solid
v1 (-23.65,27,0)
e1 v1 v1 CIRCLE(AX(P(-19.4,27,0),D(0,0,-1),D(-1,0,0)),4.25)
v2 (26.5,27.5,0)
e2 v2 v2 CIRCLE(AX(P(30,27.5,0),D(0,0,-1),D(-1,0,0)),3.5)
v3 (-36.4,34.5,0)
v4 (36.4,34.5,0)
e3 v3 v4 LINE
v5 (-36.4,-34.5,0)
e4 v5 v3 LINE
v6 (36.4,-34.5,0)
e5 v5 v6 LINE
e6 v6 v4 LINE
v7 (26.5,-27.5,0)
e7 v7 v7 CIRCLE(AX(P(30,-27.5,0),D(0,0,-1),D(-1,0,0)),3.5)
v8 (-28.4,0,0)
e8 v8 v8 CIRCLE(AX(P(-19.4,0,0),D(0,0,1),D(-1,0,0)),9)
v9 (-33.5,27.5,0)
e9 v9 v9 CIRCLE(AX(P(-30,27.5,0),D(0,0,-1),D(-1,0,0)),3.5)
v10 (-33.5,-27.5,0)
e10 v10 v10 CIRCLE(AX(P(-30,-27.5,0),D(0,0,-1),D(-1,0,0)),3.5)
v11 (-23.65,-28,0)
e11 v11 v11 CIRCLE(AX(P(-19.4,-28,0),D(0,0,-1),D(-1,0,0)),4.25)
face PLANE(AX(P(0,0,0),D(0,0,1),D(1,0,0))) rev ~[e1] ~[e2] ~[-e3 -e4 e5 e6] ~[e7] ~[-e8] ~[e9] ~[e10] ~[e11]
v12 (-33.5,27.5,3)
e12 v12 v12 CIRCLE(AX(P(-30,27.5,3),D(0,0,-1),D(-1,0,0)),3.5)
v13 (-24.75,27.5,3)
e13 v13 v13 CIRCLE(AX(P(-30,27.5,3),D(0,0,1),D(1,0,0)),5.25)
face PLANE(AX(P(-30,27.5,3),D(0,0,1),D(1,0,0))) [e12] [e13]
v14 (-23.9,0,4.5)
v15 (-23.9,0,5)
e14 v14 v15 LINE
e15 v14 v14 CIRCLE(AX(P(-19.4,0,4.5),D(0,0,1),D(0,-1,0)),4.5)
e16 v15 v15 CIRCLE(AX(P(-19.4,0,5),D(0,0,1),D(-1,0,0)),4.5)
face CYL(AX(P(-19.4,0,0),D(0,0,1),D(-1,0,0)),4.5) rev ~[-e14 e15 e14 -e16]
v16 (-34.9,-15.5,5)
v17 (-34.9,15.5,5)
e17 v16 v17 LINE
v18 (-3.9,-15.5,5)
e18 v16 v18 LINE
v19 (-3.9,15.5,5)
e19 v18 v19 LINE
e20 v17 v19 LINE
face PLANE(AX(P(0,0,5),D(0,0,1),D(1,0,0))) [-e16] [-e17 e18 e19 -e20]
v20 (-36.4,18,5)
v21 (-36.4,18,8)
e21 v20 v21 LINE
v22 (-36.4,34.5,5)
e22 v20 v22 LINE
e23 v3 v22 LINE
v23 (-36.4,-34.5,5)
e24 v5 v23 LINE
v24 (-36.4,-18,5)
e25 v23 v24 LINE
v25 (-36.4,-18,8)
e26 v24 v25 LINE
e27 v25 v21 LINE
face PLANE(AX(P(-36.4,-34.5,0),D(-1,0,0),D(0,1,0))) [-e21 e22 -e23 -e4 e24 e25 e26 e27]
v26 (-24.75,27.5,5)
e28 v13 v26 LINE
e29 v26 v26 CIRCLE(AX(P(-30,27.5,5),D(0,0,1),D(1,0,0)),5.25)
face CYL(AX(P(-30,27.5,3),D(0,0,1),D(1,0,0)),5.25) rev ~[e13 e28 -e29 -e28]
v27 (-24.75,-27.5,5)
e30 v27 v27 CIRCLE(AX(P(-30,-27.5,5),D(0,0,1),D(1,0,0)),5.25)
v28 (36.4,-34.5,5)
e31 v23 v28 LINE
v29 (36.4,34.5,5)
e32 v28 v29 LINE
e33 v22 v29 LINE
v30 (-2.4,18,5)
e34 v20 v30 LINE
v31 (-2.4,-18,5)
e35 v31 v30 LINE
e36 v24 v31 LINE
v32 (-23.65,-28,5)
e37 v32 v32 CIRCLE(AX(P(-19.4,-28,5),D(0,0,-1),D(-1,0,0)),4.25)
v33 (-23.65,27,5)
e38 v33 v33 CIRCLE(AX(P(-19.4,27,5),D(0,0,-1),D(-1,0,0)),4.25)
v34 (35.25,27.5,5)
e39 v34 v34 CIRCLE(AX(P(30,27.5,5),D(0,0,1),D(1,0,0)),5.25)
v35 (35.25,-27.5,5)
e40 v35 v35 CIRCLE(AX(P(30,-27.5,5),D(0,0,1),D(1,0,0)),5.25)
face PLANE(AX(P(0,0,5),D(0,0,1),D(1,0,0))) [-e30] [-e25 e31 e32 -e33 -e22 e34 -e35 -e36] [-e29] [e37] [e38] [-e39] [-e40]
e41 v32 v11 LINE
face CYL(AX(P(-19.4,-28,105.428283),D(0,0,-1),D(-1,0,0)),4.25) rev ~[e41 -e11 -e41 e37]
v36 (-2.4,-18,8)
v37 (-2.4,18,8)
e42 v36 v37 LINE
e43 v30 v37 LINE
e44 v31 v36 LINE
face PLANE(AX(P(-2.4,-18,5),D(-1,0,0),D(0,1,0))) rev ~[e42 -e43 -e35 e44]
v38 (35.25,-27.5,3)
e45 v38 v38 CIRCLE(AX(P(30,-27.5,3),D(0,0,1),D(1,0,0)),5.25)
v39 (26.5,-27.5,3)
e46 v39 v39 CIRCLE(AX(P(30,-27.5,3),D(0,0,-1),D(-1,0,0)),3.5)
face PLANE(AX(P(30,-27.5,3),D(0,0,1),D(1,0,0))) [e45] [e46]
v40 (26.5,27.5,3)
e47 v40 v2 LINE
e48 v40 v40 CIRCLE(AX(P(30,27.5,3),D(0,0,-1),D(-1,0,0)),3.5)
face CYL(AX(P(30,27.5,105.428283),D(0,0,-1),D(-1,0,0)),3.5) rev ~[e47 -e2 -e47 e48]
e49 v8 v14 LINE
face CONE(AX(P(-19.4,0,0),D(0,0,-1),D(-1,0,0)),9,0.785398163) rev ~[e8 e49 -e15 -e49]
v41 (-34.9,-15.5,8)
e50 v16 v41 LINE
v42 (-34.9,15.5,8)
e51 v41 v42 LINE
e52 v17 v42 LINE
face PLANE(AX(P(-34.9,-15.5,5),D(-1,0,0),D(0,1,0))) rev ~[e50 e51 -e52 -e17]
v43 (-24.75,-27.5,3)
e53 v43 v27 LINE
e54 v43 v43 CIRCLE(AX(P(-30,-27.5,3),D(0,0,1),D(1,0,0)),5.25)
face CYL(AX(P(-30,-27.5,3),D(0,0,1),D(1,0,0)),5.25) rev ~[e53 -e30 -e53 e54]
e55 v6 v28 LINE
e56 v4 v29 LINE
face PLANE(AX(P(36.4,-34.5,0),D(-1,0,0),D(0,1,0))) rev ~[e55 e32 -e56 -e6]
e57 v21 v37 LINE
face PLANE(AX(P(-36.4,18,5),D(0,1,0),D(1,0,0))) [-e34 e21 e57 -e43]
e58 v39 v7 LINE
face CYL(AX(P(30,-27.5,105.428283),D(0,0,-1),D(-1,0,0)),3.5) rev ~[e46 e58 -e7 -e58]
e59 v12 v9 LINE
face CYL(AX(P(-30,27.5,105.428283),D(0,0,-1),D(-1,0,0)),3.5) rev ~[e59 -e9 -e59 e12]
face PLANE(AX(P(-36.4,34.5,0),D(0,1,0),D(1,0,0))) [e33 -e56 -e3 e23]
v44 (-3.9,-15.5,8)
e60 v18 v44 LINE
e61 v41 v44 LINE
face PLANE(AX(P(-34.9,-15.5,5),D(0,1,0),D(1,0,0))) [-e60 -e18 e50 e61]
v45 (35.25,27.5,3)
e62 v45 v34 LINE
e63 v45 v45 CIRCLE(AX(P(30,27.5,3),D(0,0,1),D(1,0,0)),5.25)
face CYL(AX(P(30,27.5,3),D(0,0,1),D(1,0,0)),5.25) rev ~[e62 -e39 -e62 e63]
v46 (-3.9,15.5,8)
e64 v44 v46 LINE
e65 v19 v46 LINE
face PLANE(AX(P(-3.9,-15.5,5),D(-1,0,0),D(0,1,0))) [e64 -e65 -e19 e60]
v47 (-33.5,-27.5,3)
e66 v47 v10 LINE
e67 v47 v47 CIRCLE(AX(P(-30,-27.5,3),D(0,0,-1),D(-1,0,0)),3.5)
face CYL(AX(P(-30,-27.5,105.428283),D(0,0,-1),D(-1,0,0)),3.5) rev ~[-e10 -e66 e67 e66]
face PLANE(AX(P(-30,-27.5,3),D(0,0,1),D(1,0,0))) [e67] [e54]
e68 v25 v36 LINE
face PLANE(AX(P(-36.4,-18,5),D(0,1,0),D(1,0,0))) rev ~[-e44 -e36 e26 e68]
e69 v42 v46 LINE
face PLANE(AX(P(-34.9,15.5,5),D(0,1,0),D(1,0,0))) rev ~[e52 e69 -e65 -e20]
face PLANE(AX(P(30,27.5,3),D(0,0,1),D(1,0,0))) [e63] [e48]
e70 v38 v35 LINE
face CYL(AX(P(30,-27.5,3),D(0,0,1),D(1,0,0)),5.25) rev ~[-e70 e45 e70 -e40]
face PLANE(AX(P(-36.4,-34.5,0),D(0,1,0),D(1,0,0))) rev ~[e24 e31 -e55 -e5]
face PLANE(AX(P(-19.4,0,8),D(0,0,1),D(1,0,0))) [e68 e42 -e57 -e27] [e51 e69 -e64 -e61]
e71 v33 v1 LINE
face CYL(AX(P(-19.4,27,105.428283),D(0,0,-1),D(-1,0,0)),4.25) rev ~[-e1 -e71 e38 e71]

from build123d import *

# Parameters (mm, degrees)
F0_W            = 72.8
F0_H            = 69
F1_DEPTH        = 5
F3_D            = 7
F5_D            = 8.5
F6_W            = 34
F6_H            = 36
F6_W_2          = 31
F6_H_2          = 31
F7_DEPTH        = 3
F9_D            = 9
F9_CSINK_D      = 18
F9_CSINK_ANGLE  = 90
F11_D           = 7
F11_CBORE_D     = 10.5
F11_CBORE_DEPTH = 2


with BuildPart() as f1:
    # F0 (on Top) → F1 (new body)
    with BuildSketch(Plane.XY):
        Rectangle(F0_W, F0_H)
    extrude(amount=F1_DEPTH)

    # F3 (through all)
    with Locations(Plane.XY.offset(5)):
        with Locations((-30, 27.5), (30, 27.5), (30, -27.5), (-30, -27.5)):
            Hole(F3_D / 2)

    # F5 (through all)
    with Locations(Plane.XY.offset(5)):
        with Locations((-19.4, 27), (-19.4, -28)):
            Hole(F5_D / 2)

    # F6 (on face) → F7 (join)
    with BuildSketch(Plane.XY.offset(5)):
        with Locations((-19.4, 0)):
            Rectangle(F6_W, F6_H)
        with Locations((-19.4, 0)):
            Rectangle(F6_W_2, F6_H_2, mode=Mode.SUBTRACT)
    extrude(amount=F7_DEPTH)

    # F9 (through all)
    with Locations(Plane(origin=(0, 0, 0), x_dir=(1, 0, 0), z_dir=(0, 0, -1))):
        with Locations((-19.4, 0)):
            CounterSinkHole(F9_D / 2, F9_CSINK_D / 2, counter_sink_angle=F9_CSINK_ANGLE)

    # F11 (through all)
    with Locations(Plane.XY.offset(5)):
        with Locations((-30, 27.5), (30, 27.5), (30, -27.5), (-30, -27.5)):
            CounterBoreHole(F11_D / 2, F11_CBORE_D / 2, F11_CBORE_DEPTH)


solid = f1.part
